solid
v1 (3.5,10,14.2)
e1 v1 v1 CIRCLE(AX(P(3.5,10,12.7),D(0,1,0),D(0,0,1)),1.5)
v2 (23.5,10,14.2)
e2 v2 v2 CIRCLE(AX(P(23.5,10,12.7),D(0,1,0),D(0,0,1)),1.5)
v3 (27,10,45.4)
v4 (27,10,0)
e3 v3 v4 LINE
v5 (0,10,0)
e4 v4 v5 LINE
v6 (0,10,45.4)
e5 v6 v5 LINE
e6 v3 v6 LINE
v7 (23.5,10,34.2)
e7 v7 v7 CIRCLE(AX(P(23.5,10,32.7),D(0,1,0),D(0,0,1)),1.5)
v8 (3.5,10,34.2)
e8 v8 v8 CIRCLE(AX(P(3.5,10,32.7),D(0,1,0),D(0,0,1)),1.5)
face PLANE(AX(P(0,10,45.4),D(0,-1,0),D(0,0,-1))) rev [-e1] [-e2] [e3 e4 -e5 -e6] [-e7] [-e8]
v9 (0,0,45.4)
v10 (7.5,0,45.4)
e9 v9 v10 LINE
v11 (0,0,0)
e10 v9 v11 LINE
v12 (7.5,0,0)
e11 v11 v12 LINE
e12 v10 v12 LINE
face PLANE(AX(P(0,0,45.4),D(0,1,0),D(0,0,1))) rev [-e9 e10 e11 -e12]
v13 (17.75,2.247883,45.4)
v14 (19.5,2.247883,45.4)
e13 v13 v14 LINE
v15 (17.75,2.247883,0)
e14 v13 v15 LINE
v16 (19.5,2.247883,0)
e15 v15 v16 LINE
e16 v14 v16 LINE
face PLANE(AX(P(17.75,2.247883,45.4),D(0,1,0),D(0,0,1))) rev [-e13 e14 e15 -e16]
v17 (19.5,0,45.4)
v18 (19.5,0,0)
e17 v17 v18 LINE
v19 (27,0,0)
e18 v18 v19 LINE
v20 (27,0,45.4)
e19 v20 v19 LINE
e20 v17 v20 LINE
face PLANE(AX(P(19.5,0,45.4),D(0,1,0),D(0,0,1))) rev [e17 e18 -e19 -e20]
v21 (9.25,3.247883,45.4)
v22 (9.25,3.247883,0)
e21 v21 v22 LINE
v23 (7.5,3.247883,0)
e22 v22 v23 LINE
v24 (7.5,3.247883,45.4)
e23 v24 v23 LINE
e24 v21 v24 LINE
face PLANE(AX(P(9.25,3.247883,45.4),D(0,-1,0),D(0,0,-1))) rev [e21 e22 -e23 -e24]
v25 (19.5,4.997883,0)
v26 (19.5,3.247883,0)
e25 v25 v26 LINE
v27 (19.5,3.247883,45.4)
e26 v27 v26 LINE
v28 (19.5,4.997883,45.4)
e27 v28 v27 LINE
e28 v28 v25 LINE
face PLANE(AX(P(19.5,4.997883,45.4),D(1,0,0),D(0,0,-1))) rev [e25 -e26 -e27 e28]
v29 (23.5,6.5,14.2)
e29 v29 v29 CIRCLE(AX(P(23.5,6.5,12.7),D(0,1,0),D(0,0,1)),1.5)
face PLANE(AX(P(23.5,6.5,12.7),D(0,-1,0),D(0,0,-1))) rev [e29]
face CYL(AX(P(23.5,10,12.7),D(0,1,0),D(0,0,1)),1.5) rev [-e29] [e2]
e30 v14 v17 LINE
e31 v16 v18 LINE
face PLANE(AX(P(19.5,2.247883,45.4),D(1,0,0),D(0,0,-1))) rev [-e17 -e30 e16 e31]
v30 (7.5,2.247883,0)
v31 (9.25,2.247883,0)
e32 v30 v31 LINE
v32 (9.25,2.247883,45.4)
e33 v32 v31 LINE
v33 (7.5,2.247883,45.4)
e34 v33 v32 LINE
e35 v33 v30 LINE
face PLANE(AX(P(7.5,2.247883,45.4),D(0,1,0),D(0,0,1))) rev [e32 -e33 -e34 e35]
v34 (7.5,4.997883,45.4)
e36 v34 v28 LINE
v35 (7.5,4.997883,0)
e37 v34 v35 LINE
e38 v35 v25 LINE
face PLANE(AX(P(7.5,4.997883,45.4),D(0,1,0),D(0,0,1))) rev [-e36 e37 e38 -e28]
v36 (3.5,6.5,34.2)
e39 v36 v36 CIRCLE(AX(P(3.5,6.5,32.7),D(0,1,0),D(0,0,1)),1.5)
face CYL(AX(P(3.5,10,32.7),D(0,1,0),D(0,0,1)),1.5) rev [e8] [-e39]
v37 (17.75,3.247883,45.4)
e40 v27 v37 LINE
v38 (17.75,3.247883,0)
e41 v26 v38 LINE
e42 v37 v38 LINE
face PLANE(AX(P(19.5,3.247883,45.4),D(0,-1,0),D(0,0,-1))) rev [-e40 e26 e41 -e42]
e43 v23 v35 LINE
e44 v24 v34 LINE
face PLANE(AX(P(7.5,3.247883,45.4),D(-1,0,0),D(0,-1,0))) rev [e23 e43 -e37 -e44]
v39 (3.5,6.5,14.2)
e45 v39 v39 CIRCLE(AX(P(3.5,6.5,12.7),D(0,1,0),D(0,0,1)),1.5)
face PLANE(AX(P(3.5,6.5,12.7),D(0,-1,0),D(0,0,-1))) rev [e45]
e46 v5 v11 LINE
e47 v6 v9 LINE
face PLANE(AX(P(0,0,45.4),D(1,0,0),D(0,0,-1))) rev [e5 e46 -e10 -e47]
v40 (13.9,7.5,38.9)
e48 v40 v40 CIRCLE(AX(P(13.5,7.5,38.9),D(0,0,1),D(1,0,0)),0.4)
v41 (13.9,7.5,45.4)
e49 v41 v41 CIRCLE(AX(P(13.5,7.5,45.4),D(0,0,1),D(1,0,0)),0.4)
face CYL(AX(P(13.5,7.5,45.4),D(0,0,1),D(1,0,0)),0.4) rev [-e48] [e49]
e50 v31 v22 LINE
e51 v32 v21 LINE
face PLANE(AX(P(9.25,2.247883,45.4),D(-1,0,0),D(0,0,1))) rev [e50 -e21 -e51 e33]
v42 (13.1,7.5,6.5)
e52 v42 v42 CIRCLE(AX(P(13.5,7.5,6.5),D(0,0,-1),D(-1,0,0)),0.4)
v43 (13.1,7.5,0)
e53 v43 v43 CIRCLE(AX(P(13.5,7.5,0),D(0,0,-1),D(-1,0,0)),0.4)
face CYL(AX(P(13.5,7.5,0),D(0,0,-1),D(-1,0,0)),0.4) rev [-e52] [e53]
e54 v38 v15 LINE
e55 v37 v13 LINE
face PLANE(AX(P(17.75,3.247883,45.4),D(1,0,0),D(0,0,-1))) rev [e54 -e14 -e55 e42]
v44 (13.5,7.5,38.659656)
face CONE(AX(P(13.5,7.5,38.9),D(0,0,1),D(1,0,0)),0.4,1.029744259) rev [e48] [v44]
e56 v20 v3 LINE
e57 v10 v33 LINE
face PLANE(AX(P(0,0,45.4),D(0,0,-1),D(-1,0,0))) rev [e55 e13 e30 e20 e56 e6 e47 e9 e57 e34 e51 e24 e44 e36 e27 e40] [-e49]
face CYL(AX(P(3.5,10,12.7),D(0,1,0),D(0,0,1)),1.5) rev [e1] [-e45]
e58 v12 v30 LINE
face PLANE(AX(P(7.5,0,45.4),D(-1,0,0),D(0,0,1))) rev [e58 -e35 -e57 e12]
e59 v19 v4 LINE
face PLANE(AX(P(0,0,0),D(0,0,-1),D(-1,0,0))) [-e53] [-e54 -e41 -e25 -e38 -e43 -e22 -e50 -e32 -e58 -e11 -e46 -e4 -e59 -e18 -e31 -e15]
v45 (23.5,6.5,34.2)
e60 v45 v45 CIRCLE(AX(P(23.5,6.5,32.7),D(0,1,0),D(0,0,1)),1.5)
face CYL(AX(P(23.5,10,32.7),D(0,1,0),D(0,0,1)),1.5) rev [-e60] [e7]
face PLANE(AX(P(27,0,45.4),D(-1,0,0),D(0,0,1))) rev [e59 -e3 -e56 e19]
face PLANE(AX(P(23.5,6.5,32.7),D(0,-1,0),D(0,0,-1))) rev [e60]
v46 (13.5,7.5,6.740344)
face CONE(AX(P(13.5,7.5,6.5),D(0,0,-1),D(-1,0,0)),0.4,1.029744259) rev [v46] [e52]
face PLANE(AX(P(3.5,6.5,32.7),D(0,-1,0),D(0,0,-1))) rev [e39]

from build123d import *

# Parameters (mm, degrees)
DODANIE_WYCI_GNI_CIE1_DEPTH    = 45.4
OTWORY_USTALAJ_CE_1_0MM1_D     = 0.8
OTWORY_USTALAJ_CE_1_0MM1_DEPTH = 6.5
OTWORY_USTALAJ_CE_1_0MM1_TIP   = 0.240344248
OTWORY_USTALAJ_CE_1_0MM2_D     = 0.8
OTWORY_USTALAJ_CE_1_0MM2_DEPTH = 6.5
OTWORY_USTALAJ_CE_1_0MM2_TIP   = 0.240344248
F_3_0MM_DOWEL_HOLE1_D          = 3
F_3_0MM_DOWEL_HOLE1_DEPTH      = 3.5


with BuildPart() as part:
    # Szkic1 → Dodanie-wyciągnięcie1 (new body)
    with BuildSketch(Plane.XY):
        Polygon((7.5, 0), (7.5, 2.247882756), (9.25, 2.247882756), (9.25, 3.247882756), (7.5, 3.247882756), (7.5, 4.997882756), (19.5, 4.997882756), (19.5, 3.247882756), (17.75, 3.247882756), (17.75, 2.247882756), (19.5, 2.247882756), (19.5, 0), (27, 0), (27, 10), (0, 10), (0, 0), align=None)
    extrude(amount=DODANIE_WYCI_GNI_CIE1_DEPTH)

    # Otwory ustalające Ø1.0mm1
    with Locations(Plane.XY.offset(45.4)):
        with Locations((13.5, 7.5)):
            Hole(OTWORY_USTALAJ_CE_1_0MM1_D / 2, depth=OTWORY_USTALAJ_CE_1_0MM1_DEPTH)
            with Locations((0, 0, -(OTWORY_USTALAJ_CE_1_0MM1_DEPTH + OTWORY_USTALAJ_CE_1_0MM1_TIP / 2))):  # 118° drill point
                Cone(0, OTWORY_USTALAJ_CE_1_0MM1_D / 2, OTWORY_USTALAJ_CE_1_0MM1_TIP, mode=Mode.SUBTRACT)

    # Otwory ustalające Ø1.0mm2
    with Locations(Plane(origin=(0, 0, 0), x_dir=(-1, 0, 0), z_dir=(0, 0, -1))):
        with Locations((-13.5, 7.5)):
            Hole(OTWORY_USTALAJ_CE_1_0MM2_D / 2, depth=OTWORY_USTALAJ_CE_1_0MM2_DEPTH)
            with Locations((0, 0, -(OTWORY_USTALAJ_CE_1_0MM2_DEPTH + OTWORY_USTALAJ_CE_1_0MM2_TIP / 2))):  # 118° drill point
                Cone(0, OTWORY_USTALAJ_CE_1_0MM2_D / 2, OTWORY_USTALAJ_CE_1_0MM2_TIP, mode=Mode.SUBTRACT)

    # Ø3.0mm Dowel Hole1
    with Locations(Plane(origin=(0, 10, 0), x_dir=(1, 0, 0), z_dir=(0, 1, 0))):
        with Locations((3.5, -32.7), (23.5, -32.7), (23.5, -12.7), (3.5, -12.7)):
            Hole(F_3_0MM_DOWEL_HOLE1_D / 2, depth=F_3_0MM_DOWEL_HOLE1_DEPTH)


solid = part.part
